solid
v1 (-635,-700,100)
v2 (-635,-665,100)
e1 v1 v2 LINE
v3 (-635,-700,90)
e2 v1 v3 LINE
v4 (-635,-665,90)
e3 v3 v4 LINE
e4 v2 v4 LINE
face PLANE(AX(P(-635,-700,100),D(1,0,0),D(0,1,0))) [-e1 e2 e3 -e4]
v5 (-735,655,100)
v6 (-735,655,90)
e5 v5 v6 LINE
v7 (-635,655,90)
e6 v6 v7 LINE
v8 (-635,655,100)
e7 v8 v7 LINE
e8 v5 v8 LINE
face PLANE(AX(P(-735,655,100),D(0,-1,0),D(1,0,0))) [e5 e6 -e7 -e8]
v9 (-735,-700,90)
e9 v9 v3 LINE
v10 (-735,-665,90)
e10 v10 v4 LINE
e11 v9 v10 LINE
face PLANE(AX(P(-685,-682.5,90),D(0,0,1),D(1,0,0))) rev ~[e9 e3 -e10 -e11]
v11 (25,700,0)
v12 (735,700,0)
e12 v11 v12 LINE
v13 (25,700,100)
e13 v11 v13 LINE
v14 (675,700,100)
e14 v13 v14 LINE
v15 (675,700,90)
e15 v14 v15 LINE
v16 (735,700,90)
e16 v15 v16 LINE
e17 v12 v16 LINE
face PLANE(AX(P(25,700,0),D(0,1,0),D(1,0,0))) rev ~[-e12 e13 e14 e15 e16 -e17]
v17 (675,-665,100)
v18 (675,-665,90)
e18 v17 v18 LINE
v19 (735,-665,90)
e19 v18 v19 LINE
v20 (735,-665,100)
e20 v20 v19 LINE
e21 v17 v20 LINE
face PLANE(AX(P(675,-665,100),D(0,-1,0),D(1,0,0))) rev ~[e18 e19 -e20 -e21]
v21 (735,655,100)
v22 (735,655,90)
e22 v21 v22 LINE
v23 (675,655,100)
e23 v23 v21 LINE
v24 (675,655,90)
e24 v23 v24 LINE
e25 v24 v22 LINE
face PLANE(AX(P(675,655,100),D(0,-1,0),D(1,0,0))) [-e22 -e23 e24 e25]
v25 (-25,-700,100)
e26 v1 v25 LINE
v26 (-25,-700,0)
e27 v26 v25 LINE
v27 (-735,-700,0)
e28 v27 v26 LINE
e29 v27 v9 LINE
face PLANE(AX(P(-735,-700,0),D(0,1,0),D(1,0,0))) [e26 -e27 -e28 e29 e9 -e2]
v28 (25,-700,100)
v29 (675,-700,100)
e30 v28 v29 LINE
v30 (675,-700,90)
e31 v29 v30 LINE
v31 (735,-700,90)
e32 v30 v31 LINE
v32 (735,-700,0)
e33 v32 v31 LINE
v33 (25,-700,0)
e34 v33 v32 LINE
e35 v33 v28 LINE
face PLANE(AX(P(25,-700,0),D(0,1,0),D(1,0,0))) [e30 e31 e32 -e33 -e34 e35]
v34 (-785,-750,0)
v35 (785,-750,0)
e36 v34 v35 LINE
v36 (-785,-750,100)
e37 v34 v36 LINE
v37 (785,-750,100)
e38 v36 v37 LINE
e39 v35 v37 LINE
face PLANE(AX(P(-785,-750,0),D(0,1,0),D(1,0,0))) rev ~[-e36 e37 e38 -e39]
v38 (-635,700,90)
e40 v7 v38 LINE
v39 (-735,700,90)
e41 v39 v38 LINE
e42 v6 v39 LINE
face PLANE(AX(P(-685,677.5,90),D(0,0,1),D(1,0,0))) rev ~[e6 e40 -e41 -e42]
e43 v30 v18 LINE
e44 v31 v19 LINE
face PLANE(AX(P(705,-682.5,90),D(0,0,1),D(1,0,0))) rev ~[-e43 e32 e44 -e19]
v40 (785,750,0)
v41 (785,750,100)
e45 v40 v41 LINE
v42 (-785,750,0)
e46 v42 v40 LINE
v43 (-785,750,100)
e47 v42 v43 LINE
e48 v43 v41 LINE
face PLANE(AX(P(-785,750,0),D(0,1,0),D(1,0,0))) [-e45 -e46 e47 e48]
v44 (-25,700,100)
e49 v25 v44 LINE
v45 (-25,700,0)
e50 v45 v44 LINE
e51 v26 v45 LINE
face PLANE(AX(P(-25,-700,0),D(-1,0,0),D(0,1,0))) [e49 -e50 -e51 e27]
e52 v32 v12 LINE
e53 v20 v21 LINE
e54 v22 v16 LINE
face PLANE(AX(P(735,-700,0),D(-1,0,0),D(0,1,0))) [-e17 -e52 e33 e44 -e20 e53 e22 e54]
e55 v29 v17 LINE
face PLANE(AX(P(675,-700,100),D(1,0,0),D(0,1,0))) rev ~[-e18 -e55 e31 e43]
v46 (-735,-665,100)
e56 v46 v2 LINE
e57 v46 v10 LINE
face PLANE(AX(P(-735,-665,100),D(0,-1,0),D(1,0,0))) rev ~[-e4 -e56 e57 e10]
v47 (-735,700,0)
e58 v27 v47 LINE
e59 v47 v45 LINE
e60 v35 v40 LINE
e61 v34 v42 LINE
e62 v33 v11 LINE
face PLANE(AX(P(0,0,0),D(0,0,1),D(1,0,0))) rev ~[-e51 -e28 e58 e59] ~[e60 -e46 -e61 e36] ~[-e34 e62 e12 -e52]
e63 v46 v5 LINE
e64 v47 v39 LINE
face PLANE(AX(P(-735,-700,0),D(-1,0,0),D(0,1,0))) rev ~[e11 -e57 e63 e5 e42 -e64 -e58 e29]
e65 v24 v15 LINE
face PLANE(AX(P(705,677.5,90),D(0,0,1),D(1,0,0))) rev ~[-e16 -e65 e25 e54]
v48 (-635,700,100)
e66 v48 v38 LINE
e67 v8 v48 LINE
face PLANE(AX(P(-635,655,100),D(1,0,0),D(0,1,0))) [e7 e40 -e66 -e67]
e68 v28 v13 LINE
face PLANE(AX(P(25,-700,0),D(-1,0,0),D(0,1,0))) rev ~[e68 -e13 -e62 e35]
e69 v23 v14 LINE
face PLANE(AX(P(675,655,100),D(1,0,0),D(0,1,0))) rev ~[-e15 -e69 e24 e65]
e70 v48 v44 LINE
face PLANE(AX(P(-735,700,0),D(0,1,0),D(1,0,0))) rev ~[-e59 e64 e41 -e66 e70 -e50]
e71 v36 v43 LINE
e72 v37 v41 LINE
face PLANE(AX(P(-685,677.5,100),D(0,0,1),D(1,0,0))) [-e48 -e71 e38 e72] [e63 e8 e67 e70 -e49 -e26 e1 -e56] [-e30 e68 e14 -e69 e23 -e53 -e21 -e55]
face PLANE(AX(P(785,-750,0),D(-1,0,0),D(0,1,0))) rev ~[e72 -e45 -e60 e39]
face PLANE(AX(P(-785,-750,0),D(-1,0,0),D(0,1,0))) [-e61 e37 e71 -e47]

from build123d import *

# Parameters (mm, degrees)
F0_W     = 1570
F0_H     = 1500
F0_W_2   = 710
F0_H_2   = 1400
F1_DEPTH = 100
F2_W     = 100
F2_H     = 45
F2_W_2   = 60
F2_H_2   = 35
F3_DEPTH = 10


with BuildPart() as f1:
    # F0 (on Top) → F1 (new body)
    with BuildSketch(Plane.XY):
        Rectangle(F0_W, F0_H)
        with Locations((-380, 0)):
            Rectangle(F0_W_2, F0_H_2, mode=Mode.SUBTRACT)
        with Locations((380, 0)):
            Rectangle(F0_W_2, F0_H_2, mode=Mode.SUBTRACT)
    extrude(amount=F1_DEPTH)

    # F2 (on face) → F3 (join)
    with BuildSketch(Plane.XY.offset(100)):
        with Locations((-685, 677.5)):
            Rectangle(F2_W, F2_H)
        with Locations((705, 677.5)):
            Rectangle(F2_W_2, F2_H)
        with Locations((705, -682.5)):
            Rectangle(F2_W_2, F2_H_2)
        with Locations((-685, -682.5)):
            Rectangle(F2_W, F2_H_2)
    extrude(amount=-F3_DEPTH)


solid = f1.part
